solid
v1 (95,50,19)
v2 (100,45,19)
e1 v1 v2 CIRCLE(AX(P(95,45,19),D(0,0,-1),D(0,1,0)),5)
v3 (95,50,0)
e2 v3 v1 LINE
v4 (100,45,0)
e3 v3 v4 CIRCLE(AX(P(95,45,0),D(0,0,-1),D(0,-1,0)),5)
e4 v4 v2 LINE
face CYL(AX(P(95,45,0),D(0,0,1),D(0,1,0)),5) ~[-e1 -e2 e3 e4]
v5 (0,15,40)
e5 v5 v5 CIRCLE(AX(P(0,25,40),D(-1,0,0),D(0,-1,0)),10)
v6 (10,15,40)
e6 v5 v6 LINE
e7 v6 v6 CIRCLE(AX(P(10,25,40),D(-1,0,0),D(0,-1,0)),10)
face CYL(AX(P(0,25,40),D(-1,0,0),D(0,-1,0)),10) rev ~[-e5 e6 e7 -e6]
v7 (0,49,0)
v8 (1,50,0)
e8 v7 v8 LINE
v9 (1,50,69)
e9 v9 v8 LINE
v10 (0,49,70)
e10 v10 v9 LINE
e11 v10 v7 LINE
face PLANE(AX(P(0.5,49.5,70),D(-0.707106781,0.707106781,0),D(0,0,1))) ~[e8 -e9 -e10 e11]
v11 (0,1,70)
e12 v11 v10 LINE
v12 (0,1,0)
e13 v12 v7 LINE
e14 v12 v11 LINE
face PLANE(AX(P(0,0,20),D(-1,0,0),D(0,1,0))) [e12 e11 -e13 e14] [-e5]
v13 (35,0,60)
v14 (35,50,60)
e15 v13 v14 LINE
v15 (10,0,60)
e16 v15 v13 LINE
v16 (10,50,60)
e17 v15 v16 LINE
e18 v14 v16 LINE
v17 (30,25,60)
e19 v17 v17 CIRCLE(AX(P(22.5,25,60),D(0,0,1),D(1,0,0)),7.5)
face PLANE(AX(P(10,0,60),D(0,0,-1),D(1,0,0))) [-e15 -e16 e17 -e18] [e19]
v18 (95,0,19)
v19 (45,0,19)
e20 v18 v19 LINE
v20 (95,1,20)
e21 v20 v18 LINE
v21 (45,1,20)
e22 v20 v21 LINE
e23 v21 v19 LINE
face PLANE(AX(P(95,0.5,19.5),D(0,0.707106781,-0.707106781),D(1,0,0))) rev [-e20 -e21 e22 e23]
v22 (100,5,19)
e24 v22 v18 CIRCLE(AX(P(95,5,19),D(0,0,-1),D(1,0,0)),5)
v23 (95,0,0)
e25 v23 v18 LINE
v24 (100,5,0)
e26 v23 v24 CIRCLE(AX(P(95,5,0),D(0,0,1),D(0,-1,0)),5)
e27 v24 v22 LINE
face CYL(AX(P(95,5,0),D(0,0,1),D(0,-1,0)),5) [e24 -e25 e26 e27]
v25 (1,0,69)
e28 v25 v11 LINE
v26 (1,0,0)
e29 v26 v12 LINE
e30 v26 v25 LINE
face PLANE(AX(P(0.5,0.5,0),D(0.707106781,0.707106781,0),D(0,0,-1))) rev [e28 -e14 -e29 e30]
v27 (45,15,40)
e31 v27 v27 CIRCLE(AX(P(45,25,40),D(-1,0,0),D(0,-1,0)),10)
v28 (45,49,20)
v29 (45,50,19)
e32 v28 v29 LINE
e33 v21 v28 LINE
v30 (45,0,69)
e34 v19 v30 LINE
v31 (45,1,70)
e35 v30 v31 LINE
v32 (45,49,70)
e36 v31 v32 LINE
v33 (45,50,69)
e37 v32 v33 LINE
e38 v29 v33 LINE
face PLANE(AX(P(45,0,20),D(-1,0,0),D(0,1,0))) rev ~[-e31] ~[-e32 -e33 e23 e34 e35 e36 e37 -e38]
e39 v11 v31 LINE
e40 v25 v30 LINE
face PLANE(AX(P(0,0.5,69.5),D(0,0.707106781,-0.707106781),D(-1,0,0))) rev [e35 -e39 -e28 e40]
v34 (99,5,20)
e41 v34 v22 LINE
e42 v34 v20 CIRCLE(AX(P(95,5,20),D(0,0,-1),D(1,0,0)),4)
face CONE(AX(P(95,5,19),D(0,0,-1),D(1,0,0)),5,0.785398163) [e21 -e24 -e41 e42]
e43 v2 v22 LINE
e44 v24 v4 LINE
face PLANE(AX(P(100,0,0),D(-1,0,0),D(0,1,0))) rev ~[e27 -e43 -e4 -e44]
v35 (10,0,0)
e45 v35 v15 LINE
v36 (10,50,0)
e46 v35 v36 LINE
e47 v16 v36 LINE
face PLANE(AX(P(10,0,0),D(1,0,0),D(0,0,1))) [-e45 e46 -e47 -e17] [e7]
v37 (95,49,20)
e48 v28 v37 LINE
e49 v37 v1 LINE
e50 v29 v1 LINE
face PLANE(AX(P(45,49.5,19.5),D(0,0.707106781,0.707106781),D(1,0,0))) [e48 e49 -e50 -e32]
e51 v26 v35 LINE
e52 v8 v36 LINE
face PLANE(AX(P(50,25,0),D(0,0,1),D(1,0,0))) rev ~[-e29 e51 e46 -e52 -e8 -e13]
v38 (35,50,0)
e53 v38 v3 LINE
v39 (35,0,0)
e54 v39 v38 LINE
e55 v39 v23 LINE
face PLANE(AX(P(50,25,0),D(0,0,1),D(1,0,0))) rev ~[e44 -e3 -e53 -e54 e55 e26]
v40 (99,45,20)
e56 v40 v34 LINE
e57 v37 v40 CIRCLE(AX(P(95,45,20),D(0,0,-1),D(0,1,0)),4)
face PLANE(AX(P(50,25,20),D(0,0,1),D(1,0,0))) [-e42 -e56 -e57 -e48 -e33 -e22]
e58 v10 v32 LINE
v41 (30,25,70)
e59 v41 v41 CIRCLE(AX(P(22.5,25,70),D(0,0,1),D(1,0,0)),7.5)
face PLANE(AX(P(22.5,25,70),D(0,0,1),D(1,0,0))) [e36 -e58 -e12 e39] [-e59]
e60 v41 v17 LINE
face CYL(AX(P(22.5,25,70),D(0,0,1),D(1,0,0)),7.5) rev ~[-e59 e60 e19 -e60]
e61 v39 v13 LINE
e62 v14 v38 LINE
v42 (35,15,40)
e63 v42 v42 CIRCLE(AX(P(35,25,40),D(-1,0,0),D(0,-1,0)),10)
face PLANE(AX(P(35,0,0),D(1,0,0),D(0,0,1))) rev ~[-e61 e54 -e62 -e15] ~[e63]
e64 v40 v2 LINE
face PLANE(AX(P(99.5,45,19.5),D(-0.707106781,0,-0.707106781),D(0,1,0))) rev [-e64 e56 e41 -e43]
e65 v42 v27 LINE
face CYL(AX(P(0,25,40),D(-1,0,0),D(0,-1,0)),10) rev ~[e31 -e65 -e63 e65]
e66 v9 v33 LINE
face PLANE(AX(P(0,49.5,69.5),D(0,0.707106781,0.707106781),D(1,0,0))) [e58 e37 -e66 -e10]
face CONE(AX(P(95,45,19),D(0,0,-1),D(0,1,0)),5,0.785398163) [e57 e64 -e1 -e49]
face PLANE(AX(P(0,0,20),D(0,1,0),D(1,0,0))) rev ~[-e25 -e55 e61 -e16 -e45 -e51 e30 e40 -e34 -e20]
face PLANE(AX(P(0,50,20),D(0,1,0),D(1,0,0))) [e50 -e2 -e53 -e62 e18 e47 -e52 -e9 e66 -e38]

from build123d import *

# Parameters (mm, degrees)
F0_W     = 100
F0_H     = 50
F1_DEPTH = 20
F2_W     = 45
F2_H     = 50
F3_DEPTH = 50
F4_W     = 25
F4_H     = 60
F5_DEPTH = 50.001
F6_R     = 10
F7_DEPTH = 100.001
F8_R     = 7.5
F9_DEPTH = 10
F10_R    = 5
F11_SIZE = 1


with BuildPart() as f1:
    # F0 (on Top) → F1 (new body)
    with BuildSketch(Plane.XY):
        with Locations((50, 25)):
            Rectangle(F0_W, F0_H)
    extrude(amount=F1_DEPTH)

    # F2 (on face) → F3 (join)
    with BuildSketch(Plane.XY.offset(20)):
        with Locations((22.5, 25)):
            Rectangle(F2_W, F2_H)
    extrude(amount=F3_DEPTH)

    # F4 (on face) → F5 (cut, through all)
    with BuildSketch(Plane.XZ):
        with Locations((22.5, 30)):
            Rectangle(F4_W, F4_H)
    extrude(amount=-F5_DEPTH, mode=Mode.SUBTRACT)

    # F6 (on face) → F7 (cut, through all)
    with BuildSketch(Plane(origin=(0, 0, 0), x_dir=(0, -1, 0), z_dir=(-1, 0, 0))):
        with Locations((-25, 40)):
            Circle(F6_R)
    extrude(amount=-F7_DEPTH, mode=Mode.SUBTRACT)

    # F8 (on face) → F9 (cut, through all)
    with BuildSketch(Plane.XY.offset(70)):
        with Locations((22.5, 25)):
            Circle(F8_R)
    extrude(amount=-F9_DEPTH, mode=Mode.SUBTRACT)

    # F10
    f10_edges = [f1.edges().sort_by_distance(p)[0] for p in [
        (100, 0, 10),
        (100, 50, 10),
    ]]
    fillet(f10_edges, radius=F10_R)

    # F11
    f11_edges = [f1.edges().sort_by_distance(p)[0] for p in [
        (0, 0, 35),
        (22.5, 0, 70),
        (0, 50, 35),
        (22.5, 50, 70),
        (70, 50, 20),
        (70, 0, 20),
    ]]
    chamfer(f11_edges, length=F11_SIZE)


solid = f1.part
